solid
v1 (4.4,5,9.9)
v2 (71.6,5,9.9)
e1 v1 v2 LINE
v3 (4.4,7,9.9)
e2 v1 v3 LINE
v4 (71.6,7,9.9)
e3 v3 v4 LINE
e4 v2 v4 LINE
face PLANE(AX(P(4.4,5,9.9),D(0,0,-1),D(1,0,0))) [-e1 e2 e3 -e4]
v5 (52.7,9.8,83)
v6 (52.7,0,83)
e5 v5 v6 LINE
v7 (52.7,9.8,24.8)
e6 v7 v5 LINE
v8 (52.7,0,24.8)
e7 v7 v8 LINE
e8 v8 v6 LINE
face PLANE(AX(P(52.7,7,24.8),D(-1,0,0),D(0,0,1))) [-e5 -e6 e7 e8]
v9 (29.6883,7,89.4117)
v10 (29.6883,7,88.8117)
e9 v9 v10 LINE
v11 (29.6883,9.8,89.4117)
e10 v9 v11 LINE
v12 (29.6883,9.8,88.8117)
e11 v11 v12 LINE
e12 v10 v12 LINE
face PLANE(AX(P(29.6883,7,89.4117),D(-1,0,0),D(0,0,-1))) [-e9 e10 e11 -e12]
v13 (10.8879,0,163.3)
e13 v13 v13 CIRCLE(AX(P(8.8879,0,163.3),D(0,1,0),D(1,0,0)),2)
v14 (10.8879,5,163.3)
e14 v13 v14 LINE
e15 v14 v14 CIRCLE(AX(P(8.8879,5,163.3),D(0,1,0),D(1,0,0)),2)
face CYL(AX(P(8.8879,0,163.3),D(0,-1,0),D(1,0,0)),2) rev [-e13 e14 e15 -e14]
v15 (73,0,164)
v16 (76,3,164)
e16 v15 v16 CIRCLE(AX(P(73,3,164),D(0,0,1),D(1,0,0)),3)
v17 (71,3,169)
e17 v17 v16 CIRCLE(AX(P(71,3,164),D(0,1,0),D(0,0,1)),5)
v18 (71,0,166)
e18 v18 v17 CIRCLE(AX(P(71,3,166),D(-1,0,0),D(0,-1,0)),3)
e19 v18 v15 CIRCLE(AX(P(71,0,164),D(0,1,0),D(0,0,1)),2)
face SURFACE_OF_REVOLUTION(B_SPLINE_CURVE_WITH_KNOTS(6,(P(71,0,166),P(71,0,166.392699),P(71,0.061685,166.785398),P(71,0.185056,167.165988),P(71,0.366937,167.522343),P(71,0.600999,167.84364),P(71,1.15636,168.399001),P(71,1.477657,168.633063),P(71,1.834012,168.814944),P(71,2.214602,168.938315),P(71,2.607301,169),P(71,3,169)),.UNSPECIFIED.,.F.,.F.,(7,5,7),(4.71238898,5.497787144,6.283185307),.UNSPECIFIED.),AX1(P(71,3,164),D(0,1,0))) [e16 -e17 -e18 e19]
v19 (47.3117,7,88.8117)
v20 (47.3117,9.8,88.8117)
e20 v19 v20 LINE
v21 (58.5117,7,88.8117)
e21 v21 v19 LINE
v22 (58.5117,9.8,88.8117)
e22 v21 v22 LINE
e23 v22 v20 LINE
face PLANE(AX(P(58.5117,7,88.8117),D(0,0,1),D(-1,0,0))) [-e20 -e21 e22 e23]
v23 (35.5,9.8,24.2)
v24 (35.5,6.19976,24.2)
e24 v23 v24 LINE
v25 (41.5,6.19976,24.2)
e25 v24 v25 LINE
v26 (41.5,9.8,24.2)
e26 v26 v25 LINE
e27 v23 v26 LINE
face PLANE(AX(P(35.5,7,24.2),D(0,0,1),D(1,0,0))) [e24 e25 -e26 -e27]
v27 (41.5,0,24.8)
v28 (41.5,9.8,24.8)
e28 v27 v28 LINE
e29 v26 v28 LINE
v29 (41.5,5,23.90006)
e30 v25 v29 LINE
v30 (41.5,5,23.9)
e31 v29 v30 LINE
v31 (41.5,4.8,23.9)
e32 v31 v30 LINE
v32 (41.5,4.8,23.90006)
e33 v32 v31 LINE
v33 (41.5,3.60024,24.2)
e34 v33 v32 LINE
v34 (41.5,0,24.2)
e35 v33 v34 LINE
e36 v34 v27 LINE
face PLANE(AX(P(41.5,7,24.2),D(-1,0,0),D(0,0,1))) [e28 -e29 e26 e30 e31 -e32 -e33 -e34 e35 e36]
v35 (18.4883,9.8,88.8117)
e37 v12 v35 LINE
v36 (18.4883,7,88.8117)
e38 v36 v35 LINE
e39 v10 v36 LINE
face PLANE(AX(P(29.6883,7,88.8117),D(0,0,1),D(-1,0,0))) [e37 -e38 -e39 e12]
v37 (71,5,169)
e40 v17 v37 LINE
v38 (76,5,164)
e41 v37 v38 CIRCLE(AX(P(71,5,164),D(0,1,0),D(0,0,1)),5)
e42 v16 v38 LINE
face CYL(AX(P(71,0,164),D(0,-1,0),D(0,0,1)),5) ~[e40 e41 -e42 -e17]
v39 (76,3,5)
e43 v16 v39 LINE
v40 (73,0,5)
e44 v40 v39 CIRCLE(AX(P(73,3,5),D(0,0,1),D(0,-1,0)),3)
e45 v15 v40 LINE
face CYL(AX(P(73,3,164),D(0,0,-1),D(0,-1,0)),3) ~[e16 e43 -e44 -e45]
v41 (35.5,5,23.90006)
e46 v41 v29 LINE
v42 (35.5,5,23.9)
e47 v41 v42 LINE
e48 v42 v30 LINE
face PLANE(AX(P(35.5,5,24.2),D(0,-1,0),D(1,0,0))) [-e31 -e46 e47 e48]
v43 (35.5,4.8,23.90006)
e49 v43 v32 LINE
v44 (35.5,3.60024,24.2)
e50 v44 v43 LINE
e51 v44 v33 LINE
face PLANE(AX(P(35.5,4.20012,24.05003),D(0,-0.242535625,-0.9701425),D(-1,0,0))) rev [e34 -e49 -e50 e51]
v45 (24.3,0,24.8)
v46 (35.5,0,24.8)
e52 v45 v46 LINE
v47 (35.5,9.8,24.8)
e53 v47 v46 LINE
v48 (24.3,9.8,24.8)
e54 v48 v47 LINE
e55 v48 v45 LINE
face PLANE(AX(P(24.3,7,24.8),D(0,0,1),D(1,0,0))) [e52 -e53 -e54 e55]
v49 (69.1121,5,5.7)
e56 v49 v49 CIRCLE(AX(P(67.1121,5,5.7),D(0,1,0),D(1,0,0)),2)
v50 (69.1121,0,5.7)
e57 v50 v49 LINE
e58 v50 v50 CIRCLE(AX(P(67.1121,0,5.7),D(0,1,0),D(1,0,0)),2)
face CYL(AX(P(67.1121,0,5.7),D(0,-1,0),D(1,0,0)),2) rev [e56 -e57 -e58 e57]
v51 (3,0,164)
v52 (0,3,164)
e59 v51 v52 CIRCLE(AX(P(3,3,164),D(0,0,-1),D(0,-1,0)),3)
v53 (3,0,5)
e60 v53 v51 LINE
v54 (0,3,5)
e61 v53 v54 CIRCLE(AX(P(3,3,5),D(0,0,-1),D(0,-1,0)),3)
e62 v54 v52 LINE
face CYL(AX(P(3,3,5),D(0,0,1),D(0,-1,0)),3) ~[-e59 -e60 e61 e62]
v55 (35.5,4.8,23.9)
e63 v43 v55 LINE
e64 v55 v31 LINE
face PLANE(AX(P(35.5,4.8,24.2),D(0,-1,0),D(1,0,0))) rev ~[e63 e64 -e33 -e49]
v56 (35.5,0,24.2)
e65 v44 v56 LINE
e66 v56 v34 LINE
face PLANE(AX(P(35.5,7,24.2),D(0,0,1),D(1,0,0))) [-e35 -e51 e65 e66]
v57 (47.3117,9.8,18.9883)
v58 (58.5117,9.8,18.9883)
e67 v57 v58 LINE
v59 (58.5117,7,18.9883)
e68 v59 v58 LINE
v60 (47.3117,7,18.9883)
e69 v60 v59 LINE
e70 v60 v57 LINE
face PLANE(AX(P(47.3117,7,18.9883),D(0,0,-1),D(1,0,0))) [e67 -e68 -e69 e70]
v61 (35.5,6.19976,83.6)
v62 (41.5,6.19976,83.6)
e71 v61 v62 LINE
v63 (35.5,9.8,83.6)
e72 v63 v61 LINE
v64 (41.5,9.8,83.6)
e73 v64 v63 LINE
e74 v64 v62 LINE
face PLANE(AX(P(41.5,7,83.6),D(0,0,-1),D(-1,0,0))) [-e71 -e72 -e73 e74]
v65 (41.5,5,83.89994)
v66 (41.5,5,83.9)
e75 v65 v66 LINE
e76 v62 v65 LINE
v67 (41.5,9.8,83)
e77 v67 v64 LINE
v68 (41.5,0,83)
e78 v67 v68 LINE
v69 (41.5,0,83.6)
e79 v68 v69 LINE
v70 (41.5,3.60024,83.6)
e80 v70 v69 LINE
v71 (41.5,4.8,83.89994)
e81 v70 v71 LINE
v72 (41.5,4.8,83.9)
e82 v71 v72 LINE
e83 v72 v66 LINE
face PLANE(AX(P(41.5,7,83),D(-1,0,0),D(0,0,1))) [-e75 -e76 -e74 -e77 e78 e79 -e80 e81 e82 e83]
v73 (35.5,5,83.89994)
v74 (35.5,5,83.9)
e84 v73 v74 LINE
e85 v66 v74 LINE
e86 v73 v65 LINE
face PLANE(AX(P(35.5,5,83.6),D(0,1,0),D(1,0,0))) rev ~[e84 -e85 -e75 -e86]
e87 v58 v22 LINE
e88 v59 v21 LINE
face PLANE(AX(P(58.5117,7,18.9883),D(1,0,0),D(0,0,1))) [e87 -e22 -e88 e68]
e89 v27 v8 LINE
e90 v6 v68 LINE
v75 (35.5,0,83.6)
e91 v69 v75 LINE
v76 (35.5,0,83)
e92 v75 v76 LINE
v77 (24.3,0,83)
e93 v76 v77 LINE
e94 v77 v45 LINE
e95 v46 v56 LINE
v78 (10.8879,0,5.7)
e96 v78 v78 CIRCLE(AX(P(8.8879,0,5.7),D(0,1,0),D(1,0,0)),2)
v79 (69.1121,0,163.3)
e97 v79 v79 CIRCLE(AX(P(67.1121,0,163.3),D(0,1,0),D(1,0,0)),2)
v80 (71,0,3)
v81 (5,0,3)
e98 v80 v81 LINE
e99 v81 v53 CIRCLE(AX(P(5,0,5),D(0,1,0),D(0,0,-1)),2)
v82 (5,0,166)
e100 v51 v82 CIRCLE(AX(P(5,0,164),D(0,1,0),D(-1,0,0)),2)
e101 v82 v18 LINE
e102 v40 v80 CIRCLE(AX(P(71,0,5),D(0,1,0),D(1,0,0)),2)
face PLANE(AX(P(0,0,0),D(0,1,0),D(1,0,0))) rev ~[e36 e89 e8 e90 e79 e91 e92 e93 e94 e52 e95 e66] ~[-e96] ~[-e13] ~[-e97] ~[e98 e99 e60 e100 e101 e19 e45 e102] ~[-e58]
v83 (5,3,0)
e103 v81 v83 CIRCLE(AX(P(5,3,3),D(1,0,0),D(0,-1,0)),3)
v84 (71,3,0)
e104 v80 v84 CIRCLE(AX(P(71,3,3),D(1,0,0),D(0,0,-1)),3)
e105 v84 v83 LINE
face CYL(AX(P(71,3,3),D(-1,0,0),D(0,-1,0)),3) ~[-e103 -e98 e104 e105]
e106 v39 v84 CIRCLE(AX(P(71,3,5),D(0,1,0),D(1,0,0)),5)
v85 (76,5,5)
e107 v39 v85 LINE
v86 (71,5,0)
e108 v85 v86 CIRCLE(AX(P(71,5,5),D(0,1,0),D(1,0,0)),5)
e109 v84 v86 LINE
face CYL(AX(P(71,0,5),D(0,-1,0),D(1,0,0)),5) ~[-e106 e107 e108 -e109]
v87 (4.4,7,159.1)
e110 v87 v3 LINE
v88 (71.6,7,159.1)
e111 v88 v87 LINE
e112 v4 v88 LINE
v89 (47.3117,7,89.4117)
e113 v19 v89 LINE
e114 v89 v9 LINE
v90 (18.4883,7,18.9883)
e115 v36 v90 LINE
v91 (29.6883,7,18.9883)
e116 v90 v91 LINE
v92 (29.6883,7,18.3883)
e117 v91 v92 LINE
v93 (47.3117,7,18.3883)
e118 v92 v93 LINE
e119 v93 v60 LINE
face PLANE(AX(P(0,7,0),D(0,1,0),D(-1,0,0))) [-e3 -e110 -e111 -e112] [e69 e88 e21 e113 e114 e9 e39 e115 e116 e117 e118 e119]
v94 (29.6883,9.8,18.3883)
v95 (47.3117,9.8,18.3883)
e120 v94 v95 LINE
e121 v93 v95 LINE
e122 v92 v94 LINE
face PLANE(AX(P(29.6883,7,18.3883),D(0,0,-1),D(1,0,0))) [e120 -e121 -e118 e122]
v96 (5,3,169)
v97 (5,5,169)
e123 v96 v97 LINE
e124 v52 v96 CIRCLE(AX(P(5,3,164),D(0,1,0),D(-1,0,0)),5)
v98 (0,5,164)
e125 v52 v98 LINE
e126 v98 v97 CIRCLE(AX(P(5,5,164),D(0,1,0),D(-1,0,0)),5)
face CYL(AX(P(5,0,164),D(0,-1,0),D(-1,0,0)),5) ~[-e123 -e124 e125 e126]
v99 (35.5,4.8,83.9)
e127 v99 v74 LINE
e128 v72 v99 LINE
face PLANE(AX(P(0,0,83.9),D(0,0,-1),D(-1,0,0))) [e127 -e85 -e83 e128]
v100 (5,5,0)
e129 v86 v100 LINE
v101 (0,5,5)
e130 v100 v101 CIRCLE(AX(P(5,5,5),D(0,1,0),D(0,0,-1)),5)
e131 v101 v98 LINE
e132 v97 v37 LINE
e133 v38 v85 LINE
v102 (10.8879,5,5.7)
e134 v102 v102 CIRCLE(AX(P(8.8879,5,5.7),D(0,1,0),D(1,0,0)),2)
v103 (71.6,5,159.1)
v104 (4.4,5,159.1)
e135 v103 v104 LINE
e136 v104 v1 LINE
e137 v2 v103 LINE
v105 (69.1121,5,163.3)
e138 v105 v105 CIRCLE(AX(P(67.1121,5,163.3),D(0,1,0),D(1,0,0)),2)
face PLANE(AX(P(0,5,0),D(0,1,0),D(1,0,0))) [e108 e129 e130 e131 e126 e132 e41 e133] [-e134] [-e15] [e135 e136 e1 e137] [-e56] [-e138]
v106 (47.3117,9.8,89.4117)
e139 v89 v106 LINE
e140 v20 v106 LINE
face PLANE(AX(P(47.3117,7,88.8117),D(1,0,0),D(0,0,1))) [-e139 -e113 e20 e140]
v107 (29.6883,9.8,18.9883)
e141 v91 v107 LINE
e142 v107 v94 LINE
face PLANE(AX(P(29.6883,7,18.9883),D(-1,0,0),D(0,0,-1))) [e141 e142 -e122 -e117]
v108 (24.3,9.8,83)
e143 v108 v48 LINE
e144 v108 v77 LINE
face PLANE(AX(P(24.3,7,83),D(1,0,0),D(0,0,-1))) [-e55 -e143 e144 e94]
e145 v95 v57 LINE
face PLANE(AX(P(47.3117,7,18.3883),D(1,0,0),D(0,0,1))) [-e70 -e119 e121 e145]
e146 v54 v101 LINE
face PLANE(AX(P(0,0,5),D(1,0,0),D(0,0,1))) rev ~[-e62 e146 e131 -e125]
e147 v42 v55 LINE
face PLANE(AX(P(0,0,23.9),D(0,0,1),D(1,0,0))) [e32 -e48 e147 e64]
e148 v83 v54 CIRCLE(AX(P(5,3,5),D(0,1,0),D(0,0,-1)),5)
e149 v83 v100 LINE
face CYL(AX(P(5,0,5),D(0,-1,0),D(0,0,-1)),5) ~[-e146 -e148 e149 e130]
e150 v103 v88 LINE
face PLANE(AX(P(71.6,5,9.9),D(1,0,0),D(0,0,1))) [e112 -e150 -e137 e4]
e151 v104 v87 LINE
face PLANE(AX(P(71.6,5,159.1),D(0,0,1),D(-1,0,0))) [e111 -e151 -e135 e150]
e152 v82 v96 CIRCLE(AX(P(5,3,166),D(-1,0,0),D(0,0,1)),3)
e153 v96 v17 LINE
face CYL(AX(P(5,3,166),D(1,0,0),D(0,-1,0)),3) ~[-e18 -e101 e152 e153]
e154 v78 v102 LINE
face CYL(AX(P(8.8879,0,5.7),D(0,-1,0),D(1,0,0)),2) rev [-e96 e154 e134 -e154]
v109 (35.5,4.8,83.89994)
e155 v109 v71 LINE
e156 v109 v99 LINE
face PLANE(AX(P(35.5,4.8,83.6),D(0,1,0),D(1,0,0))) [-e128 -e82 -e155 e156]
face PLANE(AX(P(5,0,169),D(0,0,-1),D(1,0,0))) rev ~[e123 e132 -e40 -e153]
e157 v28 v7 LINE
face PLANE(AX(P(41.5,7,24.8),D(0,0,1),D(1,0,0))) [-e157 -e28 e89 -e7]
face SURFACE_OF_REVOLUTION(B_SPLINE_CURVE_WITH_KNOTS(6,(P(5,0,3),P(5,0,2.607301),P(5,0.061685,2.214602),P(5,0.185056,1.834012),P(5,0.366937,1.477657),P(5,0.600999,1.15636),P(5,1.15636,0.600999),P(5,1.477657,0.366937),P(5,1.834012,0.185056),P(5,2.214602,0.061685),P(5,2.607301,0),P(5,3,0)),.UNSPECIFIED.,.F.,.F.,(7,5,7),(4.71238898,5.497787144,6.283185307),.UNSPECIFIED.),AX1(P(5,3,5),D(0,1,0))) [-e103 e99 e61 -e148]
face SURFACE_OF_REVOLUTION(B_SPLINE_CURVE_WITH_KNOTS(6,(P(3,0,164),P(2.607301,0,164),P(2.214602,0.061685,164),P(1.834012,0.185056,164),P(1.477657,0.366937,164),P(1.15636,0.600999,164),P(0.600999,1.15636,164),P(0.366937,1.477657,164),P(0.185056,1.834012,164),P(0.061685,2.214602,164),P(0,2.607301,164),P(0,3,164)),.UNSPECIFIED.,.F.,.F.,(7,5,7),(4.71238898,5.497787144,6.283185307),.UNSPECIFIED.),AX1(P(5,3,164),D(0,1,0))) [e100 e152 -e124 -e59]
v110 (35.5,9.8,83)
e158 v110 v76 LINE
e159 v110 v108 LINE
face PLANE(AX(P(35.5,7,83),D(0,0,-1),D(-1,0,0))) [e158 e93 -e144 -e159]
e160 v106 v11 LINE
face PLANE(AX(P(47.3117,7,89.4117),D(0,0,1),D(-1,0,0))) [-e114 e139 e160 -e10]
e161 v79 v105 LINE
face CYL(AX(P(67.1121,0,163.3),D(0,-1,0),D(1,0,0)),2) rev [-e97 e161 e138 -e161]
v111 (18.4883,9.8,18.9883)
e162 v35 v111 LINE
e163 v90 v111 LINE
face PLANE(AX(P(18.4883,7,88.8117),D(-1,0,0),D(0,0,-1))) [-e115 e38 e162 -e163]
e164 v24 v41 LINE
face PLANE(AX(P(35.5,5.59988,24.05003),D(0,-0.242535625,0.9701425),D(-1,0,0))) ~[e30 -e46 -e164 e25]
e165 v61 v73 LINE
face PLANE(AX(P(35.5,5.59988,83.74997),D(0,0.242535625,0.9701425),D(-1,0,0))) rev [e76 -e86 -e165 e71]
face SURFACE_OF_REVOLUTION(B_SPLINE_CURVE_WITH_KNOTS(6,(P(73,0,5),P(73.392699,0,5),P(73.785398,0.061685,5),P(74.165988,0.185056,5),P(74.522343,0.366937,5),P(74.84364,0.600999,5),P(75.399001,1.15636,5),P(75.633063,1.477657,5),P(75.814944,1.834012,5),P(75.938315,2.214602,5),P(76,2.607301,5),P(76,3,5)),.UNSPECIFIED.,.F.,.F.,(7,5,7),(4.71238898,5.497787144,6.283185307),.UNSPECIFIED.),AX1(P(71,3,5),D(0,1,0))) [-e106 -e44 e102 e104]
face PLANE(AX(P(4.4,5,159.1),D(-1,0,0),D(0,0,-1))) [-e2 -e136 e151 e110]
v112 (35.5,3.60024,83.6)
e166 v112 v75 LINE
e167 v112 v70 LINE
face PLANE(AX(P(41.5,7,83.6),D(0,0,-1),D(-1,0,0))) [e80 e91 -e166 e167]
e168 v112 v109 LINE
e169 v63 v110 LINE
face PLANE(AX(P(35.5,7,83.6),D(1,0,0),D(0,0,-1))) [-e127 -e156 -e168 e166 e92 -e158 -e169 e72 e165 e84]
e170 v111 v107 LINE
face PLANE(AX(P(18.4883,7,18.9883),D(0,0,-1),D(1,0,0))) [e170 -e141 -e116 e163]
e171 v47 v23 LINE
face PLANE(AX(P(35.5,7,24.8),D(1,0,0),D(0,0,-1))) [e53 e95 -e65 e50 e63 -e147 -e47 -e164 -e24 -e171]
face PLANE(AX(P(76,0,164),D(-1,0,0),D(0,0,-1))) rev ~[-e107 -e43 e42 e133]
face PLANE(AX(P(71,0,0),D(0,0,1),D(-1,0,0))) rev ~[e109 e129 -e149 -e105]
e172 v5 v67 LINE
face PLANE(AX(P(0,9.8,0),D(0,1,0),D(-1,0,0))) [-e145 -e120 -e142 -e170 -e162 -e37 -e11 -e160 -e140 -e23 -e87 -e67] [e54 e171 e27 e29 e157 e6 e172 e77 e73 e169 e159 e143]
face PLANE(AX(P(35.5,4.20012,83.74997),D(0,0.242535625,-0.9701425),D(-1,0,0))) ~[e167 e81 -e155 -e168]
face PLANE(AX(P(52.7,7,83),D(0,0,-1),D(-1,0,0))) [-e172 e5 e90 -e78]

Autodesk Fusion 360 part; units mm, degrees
sketch "Esboço1" plane through (0, 0, 0) normal (0, 1, 0) x (1, 0, 0)
  line L0 (0, -5) -> (0, -164)
  arc A0 (71, -169) -> (76, -164) centre (71, -164) ccw
  circle A1 centre (67.1121, -163.3) radius 2
  arc A2 (76, -5) -> (71, 0) centre (71, -5) ccw
  line L1 (4, -9.5) -> (72, -9.5)
  circle A3 centre (67.1121, -5.7) radius 2
  arc A4 (5, 0) -> (0, -5) centre (5, -5) ccw
  line L2 (72, -9.5) -> (72, -159.5)
  circle A5 centre (8.8879, -163.3) radius 2
  line L3 (72, -159.5) -> (4, -159.5)
  arc A6 (0, -164) -> (5, -169) centre (5, -164) ccw
  line L4 (76, -164) -> (76, -5)
  circle A7 centre (8.8879, -5.7) radius 2
  line L5 (71, 0) -> (5, 0)
  line L6 (4, -159.5) -> (4, -9.5)
  line L7 (5, -169) -> (71, -169)
extrude "Extrusão1" add sketch "Esboço1" along normal blind 5 contours L0 A0 A2 A4 A6 L4 L5 L7 | L1 L2 L3 L6
sketch "Esboço3" plane through (0, 5, 0) normal (0, 1, 0) x (-1, 0, 0)
  circle A0 centre (-8.8879, 163.3) radius 2
  circle A1 centre (-67.1121, 5.7) radius 2
  circle A2 centre (-67.1121, 163.3) radius 2
  circle A3 centre (-8.8879, 5.7) radius 2
  line L0 (-5, 169) -> (-71, 169)
  arc A4 (-71, 169) -> (-76, 164) centre (-71, 164) ccw
  line L1 (-76, 164) -> (-76, 5)
  arc A5 (-76, 5) -> (-71, 0) centre (-71, 5) ccw
  line L2 (-71, 0) -> (-5, 0)
  arc A6 (-5, 0) -> (0, 5) centre (-5, 5) ccw
  line L3 (0, 5) -> (0, 164)
  arc A7 (0, 164) -> (-5, 169) centre (-5, 164) ccw
  line L4 (-76, 164) -> (-76, 5)
  arc A8 (-5, 0) -> (0, 5) centre (-5, 5) ccw
  circle A9 centre (-8.8879, 5.7) radius 2
  arc A10 (0, 164) -> (-5, 169) centre (-5, 164) ccw
  line L5 (-72, 159.5) -> (-4, 159.5)
  circle A11 centre (-8.8879, 163.3) radius 2
  arc A12 (-71, 169) -> (-76, 164) centre (-71, 164) ccw
  line L6 (-4, 159.5) -> (-4, 9.5)
  circle A13 centre (-67.1121, 5.7) radius 2
  line L7 (-4, 9.5) -> (-72, 9.5)
  arc A14 (-76, 5) -> (-71, 0) centre (-71, 5) ccw
  line L8 (0, 5) -> (0, 164)
  circle A15 centre (-67.1121, 163.3) radius 2
  line L9 (-5, 169) -> (-71, 169)
  line L10 (-72, 9.5) -> (-72, 159.5)
  line L11 (-71, 0) -> (-5, 0)
  line L12 (-71.6, 159.1) -> (-4.4, 159.1)
  line L13 (-4.4, 159.1) -> (-4.4, 9.9)
  line L14 (-4.4, 9.9) -> (-71.6, 9.9)
  line L15 (-71.6, 9.9) -> (-71.6, 159.1)
  point P0 (-76, 169)
  dimension "d3" = 0.4
extrude "Extrusão2" add sketch "Esboço3" along normal blind 2 contours L12 L13 L14 L15
sketch "Esboço4" plane through (0, 7, 0) normal (0, 1, 0) x (-1, 0, 0)
  line L0 (-71.6, 9.9) -> (-4.4, 9.9)
  line L1 (-4.4, 9.9) -> (-4.4, 159.1)
  line L2 (-4.4, 159.1) -> (-71.6, 159.1)
  line L3 (-71.6, 159.1) -> (-71.6, 9.9)
  line L4 (-52.7, 24.8) -> (-52.7, 83)
  line L5 (-35.5, 24.2) -> (-41.5, 24.2)
  line L6 (-24.3, 24.8) -> (-35.5, 24.8)
  line L7 (-41.5, 24.2) -> (-41.5, 24.8)
  line L8 (-24.3, 83) -> (-24.3, 24.8)
  line L9 (-52.7, 83) -> (-41.5, 83)
  line L10 (-41.5, 24.8) -> (-52.7, 24.8)
  line L11 (-41.5, 83.6) -> (-35.5, 83.6)
  line L12 (-35.5, 83.6) -> (-35.5, 83)
  line L13 (-35.5, 83) -> (-24.3, 83)
  line L14 (-41.5, 83) -> (-41.5, 83.6)
  line L15 (-35.5, 24.8) -> (-35.5, 24.2)
  line L16 (-29.6883, 89.4117) -> (-29.6883, 88.8117)
  line L17 (-29.6883, 88.8117) -> (-18.4883, 88.8117)
  line L18 (-18.4883, 88.8117) -> (-18.4883, 18.9883)
  line L19 (-18.4883, 18.9883) -> (-29.6883, 18.9883)
  line L20 (-29.6883, 18.9883) -> (-29.6883, 18.3883)
  line L21 (-29.6883, 18.3883) -> (-47.3117, 18.3883)
  line L22 (-47.3117, 18.3883) -> (-47.3117, 18.9883)
  line L23 (-47.3117, 18.9883) -> (-58.5117, 18.9883)
  line L24 (-58.5117, 18.9883) -> (-58.5117, 88.8117)
  line L25 (-58.5117, 88.8117) -> (-47.3117, 88.8117)
  line L26 (-47.3117, 88.8117) -> (-47.3117, 89.4117)
  line L27 (-47.3117, 89.4117) -> (-29.6883, 89.4117)
  dimension "d6" = -5.8117
extrude "Extrusão3" add sketch "Esboço4" along normal blind 2.8 contours L16 L17 L18 L19 L20 L21 L22 L23 L24 L25 L26 L27
extrude "Extrusão4" cut 1 faces at (48.9667, 7, 44.2) along direction (0, -1, 0) blind 14
sketch "Esboço5" plane through (0, 0, 83.6) normal (0, 0, -1) x (-1, 0, 0)
  line L0 (-35.5, 0) -> (-35.5, 9.8)
  line L1 (-35.5, 9.8) -> (-41.5, 9.8)
  line L2 (-41.5, 9.8) -> (-41.5, 0)
  line L3 (-41.5, 0) -> (-35.5, 0)
  line L4 (-35.5, 4.9) -> (-36, 4.9)
  line L5 (-36, 4.9) -> (-41.5, 4.9)
  line L6 (-35.5, 5) -> (-36, 5)
  line L7 (-36, 5) -> (-41.5, 5)
  line L8 (-35.5, 4.8) -> (-36, 4.8)
  line L9 (-36, 4.8) -> (-41.5, 4.8)
  dimension "d11" = 0.1
  dimension "d12" = -0.1
extrude "Extrusão5" cut sketch "Esboço5" against normal blind 0.3 contours L0 L2 L4 L5 L8 L9 | L0 L2 L4 L5 L6 L7
chamfer "Chanfro1" distance 1.2 distance2 0.3 1 edges at (38.5, 5, 83.6) measured on face at (39.5, 8.2, 83.6)
chamfer "Chanfro2" distance 1.2 distance2 0.3 1 edges at (38.5, 4.8, 83.6) measured on face at (39.5, 3.2, 83.6)
sketch "Esboço6" plane through (0, 0, 24.2) normal (0, 0, 1) x (1, 0, 0)
  line L0 (41.5, 0) -> (41.5, 9.8)
  line L1 (41.5, 9.8) -> (35.5, 9.8)
  line L2 (35.5, 9.8) -> (35.5, 0)
  line L3 (35.5, 0) -> (41.5, 0)
  line L4 (35.5, 4.9) -> (41.5, 4.9)
  line L5 (35.5, 4.8) -> (41.5, 4.8)
  line L6 (35.5, 5) -> (41.5, 5)
  dimension "d19" = 0.1
  dimension "d20" = -0.1
extrude "Extrusão6" cut sketch "Esboço6" against normal blind 0.3 contours L0 L2 L4 L5 | L0 L2 L4 L6
chamfer "Chanfro3" distance 1.2 distance2 0.3 1 edges at (38.5, 5, 24.2) measured on face at (37.5, 8.2, 24.2)
chamfer "Chanfro4" distance 1.2 distance2 0.3 1 edges at (38.5, 4.8, 24.2) measured on face at (37.5, 3.2, 24.2)
fillet "Arredondamento1" radius 3 8 edges at (0, 0, 84.5) (1.4645, 0, 167.5355) (38, 0, 169) (74.5355, 0, 167.5355) (76, 0, 84.5) (74.5355, 0, 1.4645) (38, 0, 0) (1.4645, 0, 1.4645)
